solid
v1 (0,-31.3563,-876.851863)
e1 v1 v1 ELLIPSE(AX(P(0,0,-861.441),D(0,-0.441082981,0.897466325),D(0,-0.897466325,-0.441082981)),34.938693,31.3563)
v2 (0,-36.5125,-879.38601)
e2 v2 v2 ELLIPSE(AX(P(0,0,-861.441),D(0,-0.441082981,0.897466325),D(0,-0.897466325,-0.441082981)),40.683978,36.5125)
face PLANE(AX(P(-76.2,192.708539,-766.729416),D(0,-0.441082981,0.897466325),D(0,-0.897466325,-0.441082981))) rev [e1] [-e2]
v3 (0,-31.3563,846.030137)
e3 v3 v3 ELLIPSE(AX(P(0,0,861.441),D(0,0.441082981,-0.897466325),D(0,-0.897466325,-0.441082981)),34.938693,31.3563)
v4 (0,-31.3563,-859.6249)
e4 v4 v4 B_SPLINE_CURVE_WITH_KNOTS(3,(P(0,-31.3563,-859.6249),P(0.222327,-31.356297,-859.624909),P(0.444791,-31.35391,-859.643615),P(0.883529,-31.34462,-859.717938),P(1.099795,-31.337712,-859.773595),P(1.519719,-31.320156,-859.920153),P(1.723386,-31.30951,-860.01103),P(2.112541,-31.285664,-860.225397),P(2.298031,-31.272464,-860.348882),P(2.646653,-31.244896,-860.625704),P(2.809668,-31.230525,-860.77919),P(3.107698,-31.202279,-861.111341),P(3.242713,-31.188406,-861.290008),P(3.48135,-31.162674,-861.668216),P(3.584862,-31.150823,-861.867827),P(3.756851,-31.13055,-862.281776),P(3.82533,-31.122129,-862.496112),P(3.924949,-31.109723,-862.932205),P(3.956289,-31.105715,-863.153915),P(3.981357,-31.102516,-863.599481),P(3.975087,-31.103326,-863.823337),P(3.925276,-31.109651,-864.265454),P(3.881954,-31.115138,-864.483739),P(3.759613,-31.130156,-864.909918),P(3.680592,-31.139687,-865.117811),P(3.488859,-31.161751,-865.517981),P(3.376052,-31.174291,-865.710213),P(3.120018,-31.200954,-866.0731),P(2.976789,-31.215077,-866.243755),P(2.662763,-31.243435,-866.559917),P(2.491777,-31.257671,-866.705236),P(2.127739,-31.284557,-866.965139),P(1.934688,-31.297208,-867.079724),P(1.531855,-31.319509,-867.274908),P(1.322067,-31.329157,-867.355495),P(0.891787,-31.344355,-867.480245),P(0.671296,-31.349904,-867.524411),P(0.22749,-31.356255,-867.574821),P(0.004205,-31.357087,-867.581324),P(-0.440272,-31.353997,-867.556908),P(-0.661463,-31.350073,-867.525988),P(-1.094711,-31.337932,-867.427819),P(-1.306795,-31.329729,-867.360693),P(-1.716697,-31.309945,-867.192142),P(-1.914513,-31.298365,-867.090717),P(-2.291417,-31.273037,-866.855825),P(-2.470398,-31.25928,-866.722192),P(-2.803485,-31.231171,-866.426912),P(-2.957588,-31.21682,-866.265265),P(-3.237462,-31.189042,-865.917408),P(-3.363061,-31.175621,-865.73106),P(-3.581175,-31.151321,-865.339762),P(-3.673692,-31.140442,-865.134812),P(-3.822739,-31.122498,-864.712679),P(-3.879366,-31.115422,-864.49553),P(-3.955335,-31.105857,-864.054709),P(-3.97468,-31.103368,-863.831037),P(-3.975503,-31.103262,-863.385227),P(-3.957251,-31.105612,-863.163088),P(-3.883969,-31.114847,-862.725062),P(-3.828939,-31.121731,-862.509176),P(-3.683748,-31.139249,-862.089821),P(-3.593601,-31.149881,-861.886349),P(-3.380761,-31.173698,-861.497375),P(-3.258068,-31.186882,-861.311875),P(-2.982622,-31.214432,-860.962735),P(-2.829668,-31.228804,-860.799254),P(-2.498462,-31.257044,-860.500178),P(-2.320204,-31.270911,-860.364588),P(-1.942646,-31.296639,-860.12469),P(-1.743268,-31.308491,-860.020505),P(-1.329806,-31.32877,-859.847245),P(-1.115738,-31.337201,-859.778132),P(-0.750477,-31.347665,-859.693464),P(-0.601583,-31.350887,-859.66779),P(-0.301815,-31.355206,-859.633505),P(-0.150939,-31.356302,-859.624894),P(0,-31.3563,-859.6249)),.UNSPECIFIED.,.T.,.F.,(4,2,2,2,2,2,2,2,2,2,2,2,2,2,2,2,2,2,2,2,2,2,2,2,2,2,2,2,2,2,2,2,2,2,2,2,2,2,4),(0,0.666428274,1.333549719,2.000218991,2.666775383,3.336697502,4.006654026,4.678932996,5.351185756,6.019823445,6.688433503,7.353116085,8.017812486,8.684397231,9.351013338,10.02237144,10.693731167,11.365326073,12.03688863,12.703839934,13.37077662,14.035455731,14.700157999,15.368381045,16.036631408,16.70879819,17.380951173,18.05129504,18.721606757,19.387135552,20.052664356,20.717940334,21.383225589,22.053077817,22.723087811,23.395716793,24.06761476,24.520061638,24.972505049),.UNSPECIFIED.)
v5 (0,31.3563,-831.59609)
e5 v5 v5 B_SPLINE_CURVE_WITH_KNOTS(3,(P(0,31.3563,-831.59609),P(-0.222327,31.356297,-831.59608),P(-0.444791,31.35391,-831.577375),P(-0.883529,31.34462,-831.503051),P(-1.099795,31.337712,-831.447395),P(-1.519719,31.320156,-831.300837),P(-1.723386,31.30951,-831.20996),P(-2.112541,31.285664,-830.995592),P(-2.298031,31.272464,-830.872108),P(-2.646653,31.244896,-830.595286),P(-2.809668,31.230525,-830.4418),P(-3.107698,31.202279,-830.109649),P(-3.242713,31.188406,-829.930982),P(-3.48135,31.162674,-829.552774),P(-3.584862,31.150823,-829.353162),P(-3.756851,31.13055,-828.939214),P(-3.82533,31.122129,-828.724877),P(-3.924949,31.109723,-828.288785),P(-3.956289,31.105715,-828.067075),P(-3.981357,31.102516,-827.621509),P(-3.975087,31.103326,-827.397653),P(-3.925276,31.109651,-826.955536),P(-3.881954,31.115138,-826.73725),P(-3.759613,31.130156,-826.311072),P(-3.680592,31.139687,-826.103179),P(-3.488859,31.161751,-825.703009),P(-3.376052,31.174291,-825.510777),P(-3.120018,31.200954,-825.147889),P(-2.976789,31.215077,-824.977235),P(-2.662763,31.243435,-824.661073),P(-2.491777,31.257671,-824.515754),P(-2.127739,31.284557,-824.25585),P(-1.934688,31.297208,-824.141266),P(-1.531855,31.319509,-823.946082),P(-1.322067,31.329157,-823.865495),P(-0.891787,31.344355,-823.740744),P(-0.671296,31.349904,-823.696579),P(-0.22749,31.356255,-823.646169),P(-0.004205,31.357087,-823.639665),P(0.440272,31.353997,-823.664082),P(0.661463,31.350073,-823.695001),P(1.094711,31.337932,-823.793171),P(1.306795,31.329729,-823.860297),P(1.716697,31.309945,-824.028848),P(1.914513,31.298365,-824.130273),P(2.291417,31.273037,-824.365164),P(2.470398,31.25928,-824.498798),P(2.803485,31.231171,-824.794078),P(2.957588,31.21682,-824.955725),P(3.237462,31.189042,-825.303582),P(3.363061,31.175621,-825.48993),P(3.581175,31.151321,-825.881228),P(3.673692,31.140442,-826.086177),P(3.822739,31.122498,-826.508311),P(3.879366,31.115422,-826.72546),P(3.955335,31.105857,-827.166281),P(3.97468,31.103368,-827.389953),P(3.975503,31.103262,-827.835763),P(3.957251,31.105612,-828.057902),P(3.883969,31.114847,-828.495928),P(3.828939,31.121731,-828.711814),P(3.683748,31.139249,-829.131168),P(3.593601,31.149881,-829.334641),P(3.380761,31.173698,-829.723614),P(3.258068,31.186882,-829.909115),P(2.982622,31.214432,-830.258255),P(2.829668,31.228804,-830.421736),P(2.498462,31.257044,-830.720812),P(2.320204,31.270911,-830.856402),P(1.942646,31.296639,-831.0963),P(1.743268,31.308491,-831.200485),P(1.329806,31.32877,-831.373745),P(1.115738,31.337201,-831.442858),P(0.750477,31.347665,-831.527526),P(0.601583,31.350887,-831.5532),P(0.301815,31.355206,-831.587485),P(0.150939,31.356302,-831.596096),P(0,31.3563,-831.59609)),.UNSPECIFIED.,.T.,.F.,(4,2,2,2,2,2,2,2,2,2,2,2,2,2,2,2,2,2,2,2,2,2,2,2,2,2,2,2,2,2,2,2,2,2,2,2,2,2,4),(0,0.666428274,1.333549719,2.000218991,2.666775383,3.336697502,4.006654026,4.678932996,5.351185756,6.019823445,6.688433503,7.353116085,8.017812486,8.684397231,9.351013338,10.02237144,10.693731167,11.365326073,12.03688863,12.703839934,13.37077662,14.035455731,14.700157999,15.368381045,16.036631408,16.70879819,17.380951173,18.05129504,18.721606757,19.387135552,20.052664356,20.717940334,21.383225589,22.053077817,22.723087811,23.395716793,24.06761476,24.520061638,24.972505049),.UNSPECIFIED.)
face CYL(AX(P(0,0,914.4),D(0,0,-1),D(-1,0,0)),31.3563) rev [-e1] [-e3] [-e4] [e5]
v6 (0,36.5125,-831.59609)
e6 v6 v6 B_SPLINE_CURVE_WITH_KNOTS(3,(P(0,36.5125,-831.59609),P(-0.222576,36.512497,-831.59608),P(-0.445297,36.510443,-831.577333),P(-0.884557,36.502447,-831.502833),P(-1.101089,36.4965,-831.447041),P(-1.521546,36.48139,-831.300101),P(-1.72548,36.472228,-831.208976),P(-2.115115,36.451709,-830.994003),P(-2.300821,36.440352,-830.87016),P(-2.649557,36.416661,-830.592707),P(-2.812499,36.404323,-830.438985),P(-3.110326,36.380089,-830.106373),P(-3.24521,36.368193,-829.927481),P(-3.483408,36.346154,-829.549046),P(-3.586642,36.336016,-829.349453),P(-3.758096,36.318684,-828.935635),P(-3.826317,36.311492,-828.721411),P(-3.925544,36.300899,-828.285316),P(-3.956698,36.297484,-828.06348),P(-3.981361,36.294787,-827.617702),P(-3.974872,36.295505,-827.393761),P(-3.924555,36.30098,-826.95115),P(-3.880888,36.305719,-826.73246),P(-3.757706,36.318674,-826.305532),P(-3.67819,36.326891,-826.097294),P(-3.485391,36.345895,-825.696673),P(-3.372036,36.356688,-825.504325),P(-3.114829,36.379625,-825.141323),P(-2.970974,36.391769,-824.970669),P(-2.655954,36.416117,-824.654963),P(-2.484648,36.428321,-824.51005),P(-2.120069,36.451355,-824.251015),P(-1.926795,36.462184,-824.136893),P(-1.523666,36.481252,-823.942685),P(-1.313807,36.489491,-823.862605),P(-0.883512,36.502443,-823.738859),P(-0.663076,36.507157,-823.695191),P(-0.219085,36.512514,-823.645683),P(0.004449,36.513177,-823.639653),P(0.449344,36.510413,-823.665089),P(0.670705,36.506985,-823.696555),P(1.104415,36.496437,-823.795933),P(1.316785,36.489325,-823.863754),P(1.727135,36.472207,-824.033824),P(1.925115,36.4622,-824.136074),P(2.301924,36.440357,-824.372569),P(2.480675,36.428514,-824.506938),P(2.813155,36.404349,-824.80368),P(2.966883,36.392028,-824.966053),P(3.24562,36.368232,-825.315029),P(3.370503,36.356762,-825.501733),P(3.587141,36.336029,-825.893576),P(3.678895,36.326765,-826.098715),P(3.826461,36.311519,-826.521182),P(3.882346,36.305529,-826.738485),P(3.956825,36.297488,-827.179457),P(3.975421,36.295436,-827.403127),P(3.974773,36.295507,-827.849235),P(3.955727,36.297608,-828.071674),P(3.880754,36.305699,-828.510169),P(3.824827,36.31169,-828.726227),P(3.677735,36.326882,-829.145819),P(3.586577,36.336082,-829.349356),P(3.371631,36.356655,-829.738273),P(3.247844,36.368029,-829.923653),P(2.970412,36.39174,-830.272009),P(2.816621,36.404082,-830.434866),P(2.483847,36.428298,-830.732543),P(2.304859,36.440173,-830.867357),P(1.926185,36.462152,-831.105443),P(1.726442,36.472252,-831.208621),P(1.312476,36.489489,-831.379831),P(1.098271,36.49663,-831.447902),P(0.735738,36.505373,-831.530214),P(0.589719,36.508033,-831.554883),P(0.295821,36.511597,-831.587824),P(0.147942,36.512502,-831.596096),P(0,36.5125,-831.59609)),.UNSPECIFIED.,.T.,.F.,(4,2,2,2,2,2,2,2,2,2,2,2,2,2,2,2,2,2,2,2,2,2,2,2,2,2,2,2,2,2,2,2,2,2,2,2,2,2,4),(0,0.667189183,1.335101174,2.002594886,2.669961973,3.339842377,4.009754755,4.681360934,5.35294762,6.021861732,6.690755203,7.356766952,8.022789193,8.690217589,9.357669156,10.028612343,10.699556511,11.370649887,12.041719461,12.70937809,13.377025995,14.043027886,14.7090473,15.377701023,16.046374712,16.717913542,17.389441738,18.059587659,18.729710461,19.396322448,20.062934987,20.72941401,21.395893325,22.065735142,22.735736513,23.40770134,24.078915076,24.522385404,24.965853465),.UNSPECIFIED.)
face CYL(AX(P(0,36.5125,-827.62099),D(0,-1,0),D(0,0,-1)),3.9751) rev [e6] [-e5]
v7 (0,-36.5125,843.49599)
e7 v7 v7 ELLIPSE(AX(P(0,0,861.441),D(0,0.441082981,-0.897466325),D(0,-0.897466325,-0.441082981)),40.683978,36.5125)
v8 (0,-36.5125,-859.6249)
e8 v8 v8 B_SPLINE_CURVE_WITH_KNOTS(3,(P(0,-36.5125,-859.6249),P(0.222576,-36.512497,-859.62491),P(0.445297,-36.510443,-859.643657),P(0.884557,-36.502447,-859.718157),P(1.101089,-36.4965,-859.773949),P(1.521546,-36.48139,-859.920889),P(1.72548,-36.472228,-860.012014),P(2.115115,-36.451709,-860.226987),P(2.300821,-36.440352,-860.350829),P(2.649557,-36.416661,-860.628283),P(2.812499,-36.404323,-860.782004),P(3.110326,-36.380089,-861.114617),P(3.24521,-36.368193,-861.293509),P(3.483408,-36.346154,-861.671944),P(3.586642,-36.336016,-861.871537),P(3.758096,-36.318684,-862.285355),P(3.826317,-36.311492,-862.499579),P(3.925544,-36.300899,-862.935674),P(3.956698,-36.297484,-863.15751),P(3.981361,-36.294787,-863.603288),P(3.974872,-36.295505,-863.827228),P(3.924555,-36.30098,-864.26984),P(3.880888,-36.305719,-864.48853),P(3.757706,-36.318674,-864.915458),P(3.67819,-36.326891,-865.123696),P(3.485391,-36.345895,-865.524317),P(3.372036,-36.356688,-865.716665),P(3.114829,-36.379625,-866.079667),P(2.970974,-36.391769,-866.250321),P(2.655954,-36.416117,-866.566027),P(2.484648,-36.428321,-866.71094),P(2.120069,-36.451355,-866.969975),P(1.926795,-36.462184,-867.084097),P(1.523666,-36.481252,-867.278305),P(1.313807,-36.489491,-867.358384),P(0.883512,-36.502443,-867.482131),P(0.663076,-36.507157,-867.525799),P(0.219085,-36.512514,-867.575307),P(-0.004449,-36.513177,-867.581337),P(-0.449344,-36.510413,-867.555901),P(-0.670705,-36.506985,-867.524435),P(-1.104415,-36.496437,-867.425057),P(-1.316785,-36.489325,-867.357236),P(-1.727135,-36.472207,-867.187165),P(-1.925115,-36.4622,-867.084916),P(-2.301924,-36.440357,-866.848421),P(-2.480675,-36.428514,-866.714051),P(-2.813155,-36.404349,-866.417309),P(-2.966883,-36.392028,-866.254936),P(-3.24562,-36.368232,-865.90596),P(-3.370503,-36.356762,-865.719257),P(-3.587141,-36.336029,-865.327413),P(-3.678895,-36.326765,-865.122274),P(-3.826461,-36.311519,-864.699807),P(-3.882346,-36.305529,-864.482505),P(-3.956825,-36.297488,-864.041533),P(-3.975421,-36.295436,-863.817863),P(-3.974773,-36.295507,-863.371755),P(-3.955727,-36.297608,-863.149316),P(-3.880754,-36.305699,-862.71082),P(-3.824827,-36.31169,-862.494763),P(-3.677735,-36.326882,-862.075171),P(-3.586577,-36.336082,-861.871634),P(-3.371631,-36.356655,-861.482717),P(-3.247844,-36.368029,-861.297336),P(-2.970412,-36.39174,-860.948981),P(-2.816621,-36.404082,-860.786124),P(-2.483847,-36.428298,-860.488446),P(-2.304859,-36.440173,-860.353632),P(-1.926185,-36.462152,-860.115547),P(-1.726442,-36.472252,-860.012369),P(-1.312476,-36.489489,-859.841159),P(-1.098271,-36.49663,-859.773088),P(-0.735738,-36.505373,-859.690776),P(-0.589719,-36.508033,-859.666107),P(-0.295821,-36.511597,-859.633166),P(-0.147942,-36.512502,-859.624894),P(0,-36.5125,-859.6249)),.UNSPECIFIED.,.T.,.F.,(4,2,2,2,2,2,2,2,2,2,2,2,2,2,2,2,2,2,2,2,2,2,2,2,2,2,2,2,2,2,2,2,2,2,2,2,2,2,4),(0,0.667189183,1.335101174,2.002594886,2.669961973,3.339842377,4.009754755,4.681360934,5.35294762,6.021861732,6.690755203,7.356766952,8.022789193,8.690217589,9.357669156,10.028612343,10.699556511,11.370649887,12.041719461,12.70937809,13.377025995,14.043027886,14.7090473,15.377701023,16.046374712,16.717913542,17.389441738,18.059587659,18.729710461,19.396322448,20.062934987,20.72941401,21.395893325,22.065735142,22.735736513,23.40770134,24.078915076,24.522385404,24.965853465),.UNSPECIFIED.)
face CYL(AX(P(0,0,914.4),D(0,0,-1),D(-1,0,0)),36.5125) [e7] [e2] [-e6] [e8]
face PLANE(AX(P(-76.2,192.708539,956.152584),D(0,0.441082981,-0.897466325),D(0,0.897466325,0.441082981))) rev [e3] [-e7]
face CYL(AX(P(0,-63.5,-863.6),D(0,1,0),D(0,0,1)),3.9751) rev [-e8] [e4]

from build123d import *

# Parameters (mm, degrees)
SKETCH1_R          = 36.5125
SKETCH1_R_2        = 31.3563
BASE_EXTRUDE_DEPTH = 914.4
CUT_EXTRUDE5_DEPTH = 76.2
SKETCH4_R          = 3.9751
CUT_EXTRUDE2_DEPTH = 63.5
SKETCH5_R          = 3.9751
CUT_EXTRUDE3_DEPTH = 881.900721082


with BuildPart() as part:
    # Sketch1 → Base-Extrude (new, symmetric)
    with BuildSketch(Plane.XY):
        Circle(SKETCH1_R)
        Circle(SKETCH1_R_2, mode=Mode.SUBTRACT)
    extrude(amount=BASE_EXTRUDE_DEPTH, both=True)

    # Sketch6 → Cut-Extrude5 (cut, symmetric)
    with BuildSketch(Plane(origin=(0, 0, 0), x_dir=(0, 0, -1), z_dir=(1, 0, 0))):
        Polygon((-956.15258377, 192.708539462), (-746.964120429, -232.924753088), (-956.15258377, -232.924753088), align=None)
        Polygon((766.72941623, 192.708539462), (975.917879571, -232.924753088), (975.917879571, 192.708539462), align=None)
    extrude(amount=CUT_EXTRUDE5_DEPTH, both=True, mode=Mode.SUBTRACT)

    # Sketch4 → Cut-Extrude2 (cut, symmetric)
    with BuildSketch(Plane(origin=(0, 0, 0), x_dir=(1, 0, 0), z_dir=(0, 1, 0))):
        with Locations((0, 863.6)):
            Circle(SKETCH4_R)
    extrude(amount=CUT_EXTRUDE2_DEPTH, both=True, mode=Mode.SUBTRACT)

    # Sketch5 → Cut-Extrude3 (cut, through all)
    with BuildSketch(Plane(origin=(0, 0, 0), x_dir=(1, 0, 0), z_dir=(0, 1, 0))):
        with Locations((0, 827.62098982)):
            Circle(SKETCH5_R)
    extrude(amount=CUT_EXTRUDE3_DEPTH, mode=Mode.SUBTRACT)


solid = part.part
